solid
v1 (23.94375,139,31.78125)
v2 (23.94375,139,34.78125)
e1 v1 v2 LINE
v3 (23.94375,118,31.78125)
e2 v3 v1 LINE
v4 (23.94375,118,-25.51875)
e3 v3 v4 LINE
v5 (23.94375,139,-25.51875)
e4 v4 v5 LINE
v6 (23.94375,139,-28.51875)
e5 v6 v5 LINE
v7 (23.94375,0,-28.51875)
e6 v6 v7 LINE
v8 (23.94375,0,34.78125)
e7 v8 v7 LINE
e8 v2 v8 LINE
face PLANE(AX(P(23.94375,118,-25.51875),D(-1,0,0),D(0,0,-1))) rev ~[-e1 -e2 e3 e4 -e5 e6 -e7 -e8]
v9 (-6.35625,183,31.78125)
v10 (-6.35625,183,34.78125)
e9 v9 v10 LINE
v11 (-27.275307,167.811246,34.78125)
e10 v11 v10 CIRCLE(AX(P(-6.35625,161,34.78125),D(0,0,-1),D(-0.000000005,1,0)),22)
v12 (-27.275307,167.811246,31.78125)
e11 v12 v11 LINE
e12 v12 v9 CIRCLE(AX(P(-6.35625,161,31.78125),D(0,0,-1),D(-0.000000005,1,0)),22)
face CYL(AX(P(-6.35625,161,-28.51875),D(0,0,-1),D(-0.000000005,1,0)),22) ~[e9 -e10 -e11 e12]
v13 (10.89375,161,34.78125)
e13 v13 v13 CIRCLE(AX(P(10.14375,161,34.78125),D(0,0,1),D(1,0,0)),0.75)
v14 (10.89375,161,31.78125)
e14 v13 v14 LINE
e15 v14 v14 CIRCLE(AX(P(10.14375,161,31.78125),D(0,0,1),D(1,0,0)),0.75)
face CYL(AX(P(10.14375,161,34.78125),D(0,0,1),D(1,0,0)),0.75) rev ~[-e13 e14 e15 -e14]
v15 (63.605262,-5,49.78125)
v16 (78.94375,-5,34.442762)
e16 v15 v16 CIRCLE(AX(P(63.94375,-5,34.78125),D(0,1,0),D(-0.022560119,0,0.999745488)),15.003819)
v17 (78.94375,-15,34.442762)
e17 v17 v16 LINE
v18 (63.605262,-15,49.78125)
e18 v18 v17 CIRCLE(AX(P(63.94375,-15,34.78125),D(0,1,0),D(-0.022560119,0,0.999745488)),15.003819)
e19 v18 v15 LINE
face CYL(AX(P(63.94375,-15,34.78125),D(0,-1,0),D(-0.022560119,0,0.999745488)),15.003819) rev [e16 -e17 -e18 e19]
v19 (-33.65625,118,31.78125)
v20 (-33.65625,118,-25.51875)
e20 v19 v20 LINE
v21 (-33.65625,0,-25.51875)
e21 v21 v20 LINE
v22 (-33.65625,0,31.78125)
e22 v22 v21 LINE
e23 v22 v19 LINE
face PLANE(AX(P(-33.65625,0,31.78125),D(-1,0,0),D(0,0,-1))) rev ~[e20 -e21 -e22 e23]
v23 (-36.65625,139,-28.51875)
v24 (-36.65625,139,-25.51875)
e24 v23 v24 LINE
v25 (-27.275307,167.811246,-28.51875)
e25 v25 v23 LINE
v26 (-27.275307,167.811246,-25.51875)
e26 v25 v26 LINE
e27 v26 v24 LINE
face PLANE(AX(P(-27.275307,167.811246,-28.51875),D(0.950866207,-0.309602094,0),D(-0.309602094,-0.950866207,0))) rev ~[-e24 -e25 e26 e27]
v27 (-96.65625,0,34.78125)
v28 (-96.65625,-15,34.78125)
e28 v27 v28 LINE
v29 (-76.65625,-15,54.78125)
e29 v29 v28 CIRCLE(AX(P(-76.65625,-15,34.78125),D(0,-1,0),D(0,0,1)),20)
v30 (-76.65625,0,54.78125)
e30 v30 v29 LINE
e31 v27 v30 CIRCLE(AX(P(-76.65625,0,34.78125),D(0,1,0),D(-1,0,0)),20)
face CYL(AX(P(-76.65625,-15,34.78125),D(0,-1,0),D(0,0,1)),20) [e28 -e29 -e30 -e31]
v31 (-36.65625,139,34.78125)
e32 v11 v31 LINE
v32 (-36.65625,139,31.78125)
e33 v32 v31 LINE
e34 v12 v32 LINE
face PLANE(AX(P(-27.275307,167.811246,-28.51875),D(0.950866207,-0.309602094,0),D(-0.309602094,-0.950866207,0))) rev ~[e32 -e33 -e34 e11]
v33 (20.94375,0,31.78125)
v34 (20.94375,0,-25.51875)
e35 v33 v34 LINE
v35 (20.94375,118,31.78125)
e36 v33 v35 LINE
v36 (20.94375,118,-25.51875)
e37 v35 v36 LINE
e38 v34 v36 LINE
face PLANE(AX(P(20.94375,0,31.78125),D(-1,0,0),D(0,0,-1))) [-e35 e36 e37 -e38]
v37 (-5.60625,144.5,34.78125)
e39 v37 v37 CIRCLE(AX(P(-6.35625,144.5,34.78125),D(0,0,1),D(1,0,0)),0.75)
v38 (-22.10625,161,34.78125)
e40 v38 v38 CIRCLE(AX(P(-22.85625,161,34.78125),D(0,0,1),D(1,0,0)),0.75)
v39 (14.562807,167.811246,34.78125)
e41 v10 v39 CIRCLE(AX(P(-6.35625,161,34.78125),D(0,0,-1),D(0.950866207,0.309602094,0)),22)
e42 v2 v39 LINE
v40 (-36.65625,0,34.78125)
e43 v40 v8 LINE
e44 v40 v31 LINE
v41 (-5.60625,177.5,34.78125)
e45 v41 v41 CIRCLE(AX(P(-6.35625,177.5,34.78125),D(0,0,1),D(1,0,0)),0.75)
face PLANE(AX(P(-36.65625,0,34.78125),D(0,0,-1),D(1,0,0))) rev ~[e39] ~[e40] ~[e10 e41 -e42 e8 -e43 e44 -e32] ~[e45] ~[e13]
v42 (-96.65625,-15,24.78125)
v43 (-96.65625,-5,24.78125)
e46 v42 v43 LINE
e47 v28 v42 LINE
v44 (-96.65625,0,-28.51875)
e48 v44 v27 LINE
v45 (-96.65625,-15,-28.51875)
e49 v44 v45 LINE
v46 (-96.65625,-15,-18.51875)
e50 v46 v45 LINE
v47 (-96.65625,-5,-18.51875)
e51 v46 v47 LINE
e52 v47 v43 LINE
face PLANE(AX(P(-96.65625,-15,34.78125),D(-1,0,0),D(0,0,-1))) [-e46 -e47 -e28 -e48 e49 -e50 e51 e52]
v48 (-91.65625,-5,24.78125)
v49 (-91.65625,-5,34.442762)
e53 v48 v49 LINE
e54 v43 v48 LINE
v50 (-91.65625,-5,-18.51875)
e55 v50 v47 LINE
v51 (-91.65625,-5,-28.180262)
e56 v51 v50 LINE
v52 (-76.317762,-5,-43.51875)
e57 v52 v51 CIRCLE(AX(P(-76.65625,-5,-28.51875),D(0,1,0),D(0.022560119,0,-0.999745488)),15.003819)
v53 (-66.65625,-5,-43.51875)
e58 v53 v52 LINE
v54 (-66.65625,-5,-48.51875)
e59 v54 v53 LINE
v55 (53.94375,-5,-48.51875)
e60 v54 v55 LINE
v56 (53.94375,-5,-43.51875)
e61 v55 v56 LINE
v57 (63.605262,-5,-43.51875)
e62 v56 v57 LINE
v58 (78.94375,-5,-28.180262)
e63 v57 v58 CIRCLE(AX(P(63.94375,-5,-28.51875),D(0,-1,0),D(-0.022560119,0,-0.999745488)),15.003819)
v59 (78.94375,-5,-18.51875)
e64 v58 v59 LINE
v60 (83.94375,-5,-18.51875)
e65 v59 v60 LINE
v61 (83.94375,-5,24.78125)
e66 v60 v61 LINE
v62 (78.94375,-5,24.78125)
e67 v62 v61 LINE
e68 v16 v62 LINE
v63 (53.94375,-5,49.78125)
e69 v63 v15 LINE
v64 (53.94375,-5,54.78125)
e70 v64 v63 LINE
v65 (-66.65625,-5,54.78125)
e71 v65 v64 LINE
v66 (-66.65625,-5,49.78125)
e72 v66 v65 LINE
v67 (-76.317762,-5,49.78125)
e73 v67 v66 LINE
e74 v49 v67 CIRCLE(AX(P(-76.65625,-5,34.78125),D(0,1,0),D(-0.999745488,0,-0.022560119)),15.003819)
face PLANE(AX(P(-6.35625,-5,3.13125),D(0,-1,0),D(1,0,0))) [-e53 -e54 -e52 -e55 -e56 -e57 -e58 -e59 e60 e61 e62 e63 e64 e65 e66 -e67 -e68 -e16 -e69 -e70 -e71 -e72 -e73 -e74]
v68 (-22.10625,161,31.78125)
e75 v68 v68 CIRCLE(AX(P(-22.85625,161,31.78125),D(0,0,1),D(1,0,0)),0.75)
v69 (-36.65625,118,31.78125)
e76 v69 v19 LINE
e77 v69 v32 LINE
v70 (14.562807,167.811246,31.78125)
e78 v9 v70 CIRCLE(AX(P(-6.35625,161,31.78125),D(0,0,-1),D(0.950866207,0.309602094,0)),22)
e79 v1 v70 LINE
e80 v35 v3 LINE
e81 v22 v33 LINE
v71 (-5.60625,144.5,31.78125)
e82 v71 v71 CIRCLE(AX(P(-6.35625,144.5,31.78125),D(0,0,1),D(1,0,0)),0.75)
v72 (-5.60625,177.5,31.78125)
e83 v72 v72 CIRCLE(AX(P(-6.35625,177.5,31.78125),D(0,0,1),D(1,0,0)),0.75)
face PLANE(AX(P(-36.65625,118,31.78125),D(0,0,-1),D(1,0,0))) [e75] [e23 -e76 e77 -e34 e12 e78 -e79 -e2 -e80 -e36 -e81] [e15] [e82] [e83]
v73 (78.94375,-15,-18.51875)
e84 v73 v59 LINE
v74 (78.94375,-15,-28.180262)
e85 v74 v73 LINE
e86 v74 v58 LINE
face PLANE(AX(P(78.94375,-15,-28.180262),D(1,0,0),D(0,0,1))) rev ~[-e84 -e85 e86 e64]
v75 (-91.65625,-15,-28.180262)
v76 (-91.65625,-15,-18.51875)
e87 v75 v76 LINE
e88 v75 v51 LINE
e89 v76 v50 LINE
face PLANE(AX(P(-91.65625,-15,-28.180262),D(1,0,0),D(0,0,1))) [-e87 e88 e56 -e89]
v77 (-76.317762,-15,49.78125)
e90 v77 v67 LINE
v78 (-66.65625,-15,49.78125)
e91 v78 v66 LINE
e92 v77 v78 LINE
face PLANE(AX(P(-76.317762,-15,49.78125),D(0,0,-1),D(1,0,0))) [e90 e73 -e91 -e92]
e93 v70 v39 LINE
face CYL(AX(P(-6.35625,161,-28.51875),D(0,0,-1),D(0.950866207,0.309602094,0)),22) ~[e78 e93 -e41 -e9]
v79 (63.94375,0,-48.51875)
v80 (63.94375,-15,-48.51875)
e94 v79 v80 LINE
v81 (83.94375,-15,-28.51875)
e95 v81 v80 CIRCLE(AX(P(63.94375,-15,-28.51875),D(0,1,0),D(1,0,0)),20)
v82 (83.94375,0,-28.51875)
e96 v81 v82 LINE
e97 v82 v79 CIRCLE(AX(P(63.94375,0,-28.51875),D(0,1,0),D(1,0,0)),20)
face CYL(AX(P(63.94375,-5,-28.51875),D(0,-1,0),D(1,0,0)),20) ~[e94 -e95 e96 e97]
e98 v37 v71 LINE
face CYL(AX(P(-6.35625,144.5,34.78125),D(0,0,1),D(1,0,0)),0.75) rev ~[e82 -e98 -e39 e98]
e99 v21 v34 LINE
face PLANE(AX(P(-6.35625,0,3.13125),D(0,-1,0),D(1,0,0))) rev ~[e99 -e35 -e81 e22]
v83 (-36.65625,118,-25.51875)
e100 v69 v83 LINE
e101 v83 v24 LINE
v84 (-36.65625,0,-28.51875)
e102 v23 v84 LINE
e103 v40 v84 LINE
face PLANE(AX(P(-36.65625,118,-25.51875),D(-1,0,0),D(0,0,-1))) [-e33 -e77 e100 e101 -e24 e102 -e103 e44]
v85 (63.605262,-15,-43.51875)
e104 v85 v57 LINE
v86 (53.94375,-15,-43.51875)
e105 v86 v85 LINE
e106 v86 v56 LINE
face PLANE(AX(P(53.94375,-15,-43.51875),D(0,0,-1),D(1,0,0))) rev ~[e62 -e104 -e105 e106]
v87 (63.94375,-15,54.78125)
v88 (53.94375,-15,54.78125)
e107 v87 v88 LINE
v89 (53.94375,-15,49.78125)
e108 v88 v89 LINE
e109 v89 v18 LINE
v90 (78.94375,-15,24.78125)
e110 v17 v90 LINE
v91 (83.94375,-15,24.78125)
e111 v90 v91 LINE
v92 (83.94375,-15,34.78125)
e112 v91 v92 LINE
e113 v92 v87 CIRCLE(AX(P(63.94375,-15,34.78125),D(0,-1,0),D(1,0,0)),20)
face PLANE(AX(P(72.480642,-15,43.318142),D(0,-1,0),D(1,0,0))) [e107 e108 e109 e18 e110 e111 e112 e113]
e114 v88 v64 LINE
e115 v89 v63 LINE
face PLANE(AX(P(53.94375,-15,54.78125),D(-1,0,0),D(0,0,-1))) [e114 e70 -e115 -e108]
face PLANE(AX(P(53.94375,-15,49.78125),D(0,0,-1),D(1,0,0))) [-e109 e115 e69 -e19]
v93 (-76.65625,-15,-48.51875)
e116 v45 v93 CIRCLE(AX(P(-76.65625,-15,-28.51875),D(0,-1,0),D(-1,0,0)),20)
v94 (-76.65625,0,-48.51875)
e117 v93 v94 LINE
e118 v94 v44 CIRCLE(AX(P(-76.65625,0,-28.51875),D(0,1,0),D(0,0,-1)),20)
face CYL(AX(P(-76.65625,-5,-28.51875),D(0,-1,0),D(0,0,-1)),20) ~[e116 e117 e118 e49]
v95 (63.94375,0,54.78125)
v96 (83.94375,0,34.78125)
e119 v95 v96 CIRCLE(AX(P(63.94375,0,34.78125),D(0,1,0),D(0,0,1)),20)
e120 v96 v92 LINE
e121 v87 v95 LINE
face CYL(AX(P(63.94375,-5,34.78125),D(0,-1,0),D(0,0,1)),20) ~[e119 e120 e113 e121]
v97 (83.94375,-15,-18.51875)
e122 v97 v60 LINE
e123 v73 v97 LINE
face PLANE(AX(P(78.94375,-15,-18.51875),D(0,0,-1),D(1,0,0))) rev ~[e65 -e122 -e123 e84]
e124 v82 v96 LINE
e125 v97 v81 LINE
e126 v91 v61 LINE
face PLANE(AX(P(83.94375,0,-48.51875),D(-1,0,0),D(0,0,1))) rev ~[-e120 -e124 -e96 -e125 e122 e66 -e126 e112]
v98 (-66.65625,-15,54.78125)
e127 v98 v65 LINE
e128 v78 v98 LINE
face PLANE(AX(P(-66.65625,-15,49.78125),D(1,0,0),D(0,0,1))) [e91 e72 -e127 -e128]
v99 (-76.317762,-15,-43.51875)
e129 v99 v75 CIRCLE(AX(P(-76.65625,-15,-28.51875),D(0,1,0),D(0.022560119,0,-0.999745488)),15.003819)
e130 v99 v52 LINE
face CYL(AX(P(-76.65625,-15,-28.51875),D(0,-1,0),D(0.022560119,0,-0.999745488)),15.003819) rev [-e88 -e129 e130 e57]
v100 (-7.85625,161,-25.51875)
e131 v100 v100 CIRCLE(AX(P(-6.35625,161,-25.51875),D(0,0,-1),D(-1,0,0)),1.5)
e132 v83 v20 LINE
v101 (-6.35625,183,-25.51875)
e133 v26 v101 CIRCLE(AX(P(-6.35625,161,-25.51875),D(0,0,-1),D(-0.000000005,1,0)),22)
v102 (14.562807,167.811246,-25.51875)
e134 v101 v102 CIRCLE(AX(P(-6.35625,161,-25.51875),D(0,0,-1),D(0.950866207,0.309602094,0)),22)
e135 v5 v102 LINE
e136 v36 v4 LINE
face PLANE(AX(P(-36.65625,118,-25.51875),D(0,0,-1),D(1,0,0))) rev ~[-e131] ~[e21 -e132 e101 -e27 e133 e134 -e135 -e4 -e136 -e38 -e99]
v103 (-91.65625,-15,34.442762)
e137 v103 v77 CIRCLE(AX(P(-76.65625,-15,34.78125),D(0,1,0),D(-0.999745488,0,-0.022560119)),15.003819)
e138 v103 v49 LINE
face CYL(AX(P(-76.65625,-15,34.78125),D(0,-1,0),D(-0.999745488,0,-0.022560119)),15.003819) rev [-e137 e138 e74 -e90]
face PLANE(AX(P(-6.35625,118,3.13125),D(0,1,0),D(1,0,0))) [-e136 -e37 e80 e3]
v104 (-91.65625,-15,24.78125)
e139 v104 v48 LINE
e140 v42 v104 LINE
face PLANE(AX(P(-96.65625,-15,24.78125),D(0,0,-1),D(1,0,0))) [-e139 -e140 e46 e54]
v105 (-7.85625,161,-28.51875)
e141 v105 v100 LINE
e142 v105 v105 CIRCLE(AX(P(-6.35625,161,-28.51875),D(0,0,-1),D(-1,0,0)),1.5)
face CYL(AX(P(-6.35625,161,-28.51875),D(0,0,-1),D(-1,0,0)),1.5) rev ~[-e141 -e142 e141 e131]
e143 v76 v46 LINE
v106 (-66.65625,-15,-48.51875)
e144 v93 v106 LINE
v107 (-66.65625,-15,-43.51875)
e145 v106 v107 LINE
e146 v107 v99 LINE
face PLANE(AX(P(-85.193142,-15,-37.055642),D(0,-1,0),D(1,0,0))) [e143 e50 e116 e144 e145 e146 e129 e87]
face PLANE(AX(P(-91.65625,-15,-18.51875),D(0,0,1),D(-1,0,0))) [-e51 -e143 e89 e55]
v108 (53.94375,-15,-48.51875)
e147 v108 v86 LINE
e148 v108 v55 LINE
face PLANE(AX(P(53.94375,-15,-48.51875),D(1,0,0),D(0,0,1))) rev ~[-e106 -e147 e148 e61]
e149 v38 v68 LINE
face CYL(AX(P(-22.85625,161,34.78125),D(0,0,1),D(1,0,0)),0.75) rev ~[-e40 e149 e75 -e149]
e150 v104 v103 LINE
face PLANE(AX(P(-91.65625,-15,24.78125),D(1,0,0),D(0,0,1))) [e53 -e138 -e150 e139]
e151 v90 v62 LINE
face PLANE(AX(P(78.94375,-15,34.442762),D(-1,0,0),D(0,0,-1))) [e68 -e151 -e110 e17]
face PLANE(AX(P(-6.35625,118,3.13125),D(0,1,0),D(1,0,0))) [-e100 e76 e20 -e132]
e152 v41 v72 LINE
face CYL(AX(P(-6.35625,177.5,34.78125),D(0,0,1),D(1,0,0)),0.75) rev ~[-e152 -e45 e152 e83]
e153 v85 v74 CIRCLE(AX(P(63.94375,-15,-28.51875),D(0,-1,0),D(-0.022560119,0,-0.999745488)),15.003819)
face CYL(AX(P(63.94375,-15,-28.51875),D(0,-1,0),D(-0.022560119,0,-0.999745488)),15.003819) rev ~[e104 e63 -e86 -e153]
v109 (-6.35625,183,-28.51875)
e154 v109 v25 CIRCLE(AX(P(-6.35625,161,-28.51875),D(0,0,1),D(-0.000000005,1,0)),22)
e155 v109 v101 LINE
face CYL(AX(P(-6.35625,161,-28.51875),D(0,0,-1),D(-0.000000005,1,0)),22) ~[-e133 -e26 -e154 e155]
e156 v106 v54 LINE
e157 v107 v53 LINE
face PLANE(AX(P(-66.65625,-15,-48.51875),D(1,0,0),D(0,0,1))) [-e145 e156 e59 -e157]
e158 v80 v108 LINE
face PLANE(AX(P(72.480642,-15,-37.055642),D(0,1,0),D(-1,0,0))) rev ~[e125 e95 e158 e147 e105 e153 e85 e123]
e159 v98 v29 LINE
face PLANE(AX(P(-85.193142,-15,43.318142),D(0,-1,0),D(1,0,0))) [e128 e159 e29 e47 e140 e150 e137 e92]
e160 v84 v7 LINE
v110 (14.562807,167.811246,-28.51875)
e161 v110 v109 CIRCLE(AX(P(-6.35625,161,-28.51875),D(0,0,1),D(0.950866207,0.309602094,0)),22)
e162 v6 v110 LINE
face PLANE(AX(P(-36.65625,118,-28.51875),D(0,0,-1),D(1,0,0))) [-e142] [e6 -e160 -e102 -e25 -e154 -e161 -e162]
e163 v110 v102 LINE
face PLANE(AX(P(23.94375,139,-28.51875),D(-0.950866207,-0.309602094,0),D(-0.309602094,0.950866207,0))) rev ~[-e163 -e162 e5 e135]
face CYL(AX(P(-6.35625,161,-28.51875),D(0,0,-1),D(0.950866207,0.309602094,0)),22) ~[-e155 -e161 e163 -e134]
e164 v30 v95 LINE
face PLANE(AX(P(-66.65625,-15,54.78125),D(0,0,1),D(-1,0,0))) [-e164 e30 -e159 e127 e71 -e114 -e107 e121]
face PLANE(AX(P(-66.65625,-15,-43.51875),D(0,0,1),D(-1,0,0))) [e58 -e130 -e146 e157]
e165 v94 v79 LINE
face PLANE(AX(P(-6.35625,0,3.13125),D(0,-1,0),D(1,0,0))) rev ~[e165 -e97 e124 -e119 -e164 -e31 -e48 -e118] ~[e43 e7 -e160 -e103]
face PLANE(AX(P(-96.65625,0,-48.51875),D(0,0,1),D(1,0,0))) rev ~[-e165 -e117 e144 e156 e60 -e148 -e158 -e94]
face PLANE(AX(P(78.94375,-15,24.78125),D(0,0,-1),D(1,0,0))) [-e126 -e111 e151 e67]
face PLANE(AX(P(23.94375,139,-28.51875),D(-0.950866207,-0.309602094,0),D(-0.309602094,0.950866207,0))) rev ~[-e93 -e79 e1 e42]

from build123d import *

# Parameters (mm, degrees)
SKETCH_1_W          = 60.6
SKETCH_1_H          = 63.3
SKETCH_1_W_2        = 54.6
SKETCH_1_H_2        = 57.3
EXTRUDE_1_DEPTH     = 118
SKETCH_2_W          = 60.6
SKETCH_2_H          = 3
EXTRUDE_2_DEPTH     = 65
CUT_EXTRUDE_1_DEPTH = 65
SKETCH_4_W          = 180.6
SKETCH_4_H          = 103.3
EXTRUDE_3_DEPTH     = 5
CUT_EXTRUDE_2_DEPTH = 5
EXTRUDE_START       = 10
EXTRUDE_4_DEPTH     = 10
SKETCH_8_R          = 0.75
CUT_EXTRUDE_3_DEPTH = 10
SKETCH_9_R          = 1.5
CUT_EXTRUDE_4_DEPTH = 10


with BuildPart() as part:
    # 草图1 → 凸台-拉伸1 (new body)
    with BuildSketch(Plane(origin=(0, 0, 0), x_dir=(1, 0, 0), z_dir=(0, 1, 0))):
        with Locations((-6.35625, -3.13125)):
            Rectangle(SKETCH_1_W, SKETCH_1_H)
        with Locations((-6.35625, -3.13125)):
            Rectangle(SKETCH_1_W_2, SKETCH_1_H_2, mode=Mode.SUBTRACT)
    extrude(amount=EXTRUDE_1_DEPTH)

    # 草图2 → 凸台-拉伸2 (add)
    with BuildSketch(Plane(origin=(0, 118, 0), x_dir=(1, 0, 0), z_dir=(0, 1, 0))):
        with Locations((-6.35625, 27.01875)):
            Rectangle(SKETCH_2_W, SKETCH_2_H)
        with Locations((-6.35625, -33.28125)):
            Rectangle(SKETCH_2_W, SKETCH_2_H)
    extrude(amount=EXTRUDE_2_DEPTH)

    # 草图3 → 切除-拉伸1 (cut)
    with BuildSketch(Plane(origin=(0, 0, -28.51875), x_dir=(-1, 0, 0), z_dir=(0, 0, -1))):
        with BuildLine():
            Line((36.65625, 183), (6.356250104, 183))
            ThreePointArc((6.356250104, 183), (19.282049563, 178.802351128), (27.275306551, 167.811246068))
            Line((27.275306551, 167.811246068), (36.65625, 139))
            Line((36.65625, 139), (36.65625, 183))
        make_face()
        with BuildLine():
            Line((-23.94375, 183), (-23.94375, 139))
            Line((-23.94375, 139), (-14.562806551, 167.811246068))
            ThreePointArc((-14.562806551, 167.811246068), (-6.569549479, 178.802351188), (6.356250104, 183))
            Line((6.356250104, 183), (-23.94375, 183))
        make_face()
    extrude(amount=-CUT_EXTRUDE_1_DEPTH, mode=Mode.SUBTRACT)

    # 草图4 → 凸台-拉伸3 (add)
    with BuildSketch(Plane.XZ):
        with Locations((-6.35625, 3.13125)):
            Rectangle(SKETCH_4_W, SKETCH_4_H)
    extrude(amount=EXTRUDE_3_DEPTH)

    # 草图5 → 切除-拉伸2 (cut)
    with BuildSketch(Plane.XZ.offset(5)):
        with BuildLine():
            ThreePointArc((-76.65625, -48.51875), (-90.798385624, -42.660885624), (-96.65625, -28.51875))
            Line((-96.65625, -28.51875), (-96.65625, -48.51875))
            Line((-96.65625, -48.51875), (-76.65625, -48.51875))
        make_face()
        with BuildLine():
            Line((-76.65625, 54.78125), (-86.65625, 54.78125))
            Line((-86.65625, 54.78125), (-96.65625, 54.78125))
            Line((-96.65625, 54.78125), (-96.65625, 34.78125))
            ThreePointArc((-96.65625, 34.78125), (-90.798385624, 48.923385624), (-76.65625, 54.78125))
        make_face()
        with BuildLine():
            Line((83.94375, 54.78125), (63.94375, 54.78125))
            ThreePointArc((63.94375, 54.78125), (78.085885624, 48.923385624), (83.94375, 34.78125))
            Line((83.94375, 34.78125), (83.94375, 54.78125))
        make_face()
        with BuildLine():
            Line((83.94375, -48.51875), (83.94375, -28.51875))
            ThreePointArc((83.94375, -28.51875), (78.085885624, -42.660885624), (63.94375, -48.51875))
            Line((63.94375, -48.51875), (83.94375, -48.51875))
        make_face()
    extrude(amount=-CUT_EXTRUDE_2_DEPTH, mode=Mode.SUBTRACT)

    # 草图6 → 凸台-拉伸4 (add)
    with BuildSketch(Plane.XZ.offset(5).offset(EXTRUDE_START)):
        with BuildLine():
            Line((-76.317762068, 49.78125), (-66.65625, 49.78125))
            Line((-66.65625, 49.78125), (-66.65625, 54.78125))
            Line((-66.65625, 54.78125), (-76.65625, 54.78125))
            ThreePointArc((-76.65625, 54.78125), (-90.798385624, 48.923385624), (-96.65625, 34.78125))
            Line((-96.65625, 34.78125), (-96.65625, 24.78125))
            Line((-96.65625, 24.78125), (-91.65625, 24.78125))
            Line((-91.65625, 24.78125), (-91.65625, 34.442762068))
            ThreePointArc((-91.65625, 34.442762068), (-87.265551911, 45.390551911), (-76.317762068, 49.78125))
        make_face()
        with BuildLine():
            Line((78.94375, 24.78125), (83.94375, 24.78125))
            Line((83.94375, 24.78125), (83.94375, 34.78125))
            ThreePointArc((83.94375, 34.78125), (78.085885624, 48.923385624), (63.94375, 54.78125))
            Line((63.94375, 54.78125), (53.94375, 54.78125))
            Line((53.94375, 54.78125), (53.94375, 49.78125))
            Line((53.94375, 49.78125), (63.605262068, 49.78125))
            ThreePointArc((63.605262068, 49.78125), (74.553051911, 45.390551911), (78.94375, 34.442762068))
            Line((78.94375, 34.442762068), (78.94375, 24.78125))
        make_face()
        with BuildLine():
            Line((78.94375, -28.180262068), (78.94375, -18.51875))
            Line((78.94375, -18.51875), (83.94375, -18.51875))
            Line((83.94375, -18.51875), (83.94375, -28.51875))
            ThreePointArc((83.94375, -28.51875), (78.085885624, -42.660885624), (63.94375, -48.51875))
            Line((63.94375, -48.51875), (53.94375, -48.51875))
            Line((53.94375, -48.51875), (53.94375, -43.51875))
            Line((53.94375, -43.51875), (63.605262068, -43.51875))
            ThreePointArc((63.605262068, -43.51875), (74.553051911, -39.128051911), (78.94375, -28.180262068))
        make_face()
        with BuildLine():
            Line((-91.65625, -18.51875), (-96.65625, -18.51875))
            Line((-96.65625, -18.51875), (-96.65625, -28.51875))
            ThreePointArc((-96.65625, -28.51875), (-90.798385624, -42.660885624), (-76.65625, -48.51875))
            Line((-76.65625, -48.51875), (-66.65625, -48.51875))
            Line((-66.65625, -48.51875), (-66.65625, -43.51875))
            Line((-66.65625, -43.51875), (-76.317762068, -43.51875))
            ThreePointArc((-76.317762068, -43.51875), (-87.265551911, -39.128051911), (-91.65625, -28.180262068))
            Line((-91.65625, -28.180262068), (-91.65625, -18.51875))
        make_face()
    extrude(amount=-EXTRUDE_4_DEPTH)

    # 草图8 → 切除-拉伸3 (cut)
    with BuildSketch(Plane.XY.offset(34.78125)):
        with Locations((-6.35625, 177.5)):
            Circle(SKETCH_8_R)
        with Locations((10.14375, 161)):
            Circle(SKETCH_8_R)
        with Locations((-6.35625, 144.5)):
            Circle(SKETCH_8_R)
        with Locations((-22.85625, 161)):
            Circle(SKETCH_8_R)
    extrude(amount=-CUT_EXTRUDE_3_DEPTH, mode=Mode.SUBTRACT)

    # 草图9 → 切除-拉伸4 (cut)
    with BuildSketch(Plane(origin=(0, 0, -28.51875), x_dir=(-1, 0, 0), z_dir=(0, 0, -1))):
        with Locations((6.35625, 161)):
            Circle(SKETCH_9_R)
    extrude(amount=-CUT_EXTRUDE_4_DEPTH, mode=Mode.SUBTRACT)


solid = part.part
